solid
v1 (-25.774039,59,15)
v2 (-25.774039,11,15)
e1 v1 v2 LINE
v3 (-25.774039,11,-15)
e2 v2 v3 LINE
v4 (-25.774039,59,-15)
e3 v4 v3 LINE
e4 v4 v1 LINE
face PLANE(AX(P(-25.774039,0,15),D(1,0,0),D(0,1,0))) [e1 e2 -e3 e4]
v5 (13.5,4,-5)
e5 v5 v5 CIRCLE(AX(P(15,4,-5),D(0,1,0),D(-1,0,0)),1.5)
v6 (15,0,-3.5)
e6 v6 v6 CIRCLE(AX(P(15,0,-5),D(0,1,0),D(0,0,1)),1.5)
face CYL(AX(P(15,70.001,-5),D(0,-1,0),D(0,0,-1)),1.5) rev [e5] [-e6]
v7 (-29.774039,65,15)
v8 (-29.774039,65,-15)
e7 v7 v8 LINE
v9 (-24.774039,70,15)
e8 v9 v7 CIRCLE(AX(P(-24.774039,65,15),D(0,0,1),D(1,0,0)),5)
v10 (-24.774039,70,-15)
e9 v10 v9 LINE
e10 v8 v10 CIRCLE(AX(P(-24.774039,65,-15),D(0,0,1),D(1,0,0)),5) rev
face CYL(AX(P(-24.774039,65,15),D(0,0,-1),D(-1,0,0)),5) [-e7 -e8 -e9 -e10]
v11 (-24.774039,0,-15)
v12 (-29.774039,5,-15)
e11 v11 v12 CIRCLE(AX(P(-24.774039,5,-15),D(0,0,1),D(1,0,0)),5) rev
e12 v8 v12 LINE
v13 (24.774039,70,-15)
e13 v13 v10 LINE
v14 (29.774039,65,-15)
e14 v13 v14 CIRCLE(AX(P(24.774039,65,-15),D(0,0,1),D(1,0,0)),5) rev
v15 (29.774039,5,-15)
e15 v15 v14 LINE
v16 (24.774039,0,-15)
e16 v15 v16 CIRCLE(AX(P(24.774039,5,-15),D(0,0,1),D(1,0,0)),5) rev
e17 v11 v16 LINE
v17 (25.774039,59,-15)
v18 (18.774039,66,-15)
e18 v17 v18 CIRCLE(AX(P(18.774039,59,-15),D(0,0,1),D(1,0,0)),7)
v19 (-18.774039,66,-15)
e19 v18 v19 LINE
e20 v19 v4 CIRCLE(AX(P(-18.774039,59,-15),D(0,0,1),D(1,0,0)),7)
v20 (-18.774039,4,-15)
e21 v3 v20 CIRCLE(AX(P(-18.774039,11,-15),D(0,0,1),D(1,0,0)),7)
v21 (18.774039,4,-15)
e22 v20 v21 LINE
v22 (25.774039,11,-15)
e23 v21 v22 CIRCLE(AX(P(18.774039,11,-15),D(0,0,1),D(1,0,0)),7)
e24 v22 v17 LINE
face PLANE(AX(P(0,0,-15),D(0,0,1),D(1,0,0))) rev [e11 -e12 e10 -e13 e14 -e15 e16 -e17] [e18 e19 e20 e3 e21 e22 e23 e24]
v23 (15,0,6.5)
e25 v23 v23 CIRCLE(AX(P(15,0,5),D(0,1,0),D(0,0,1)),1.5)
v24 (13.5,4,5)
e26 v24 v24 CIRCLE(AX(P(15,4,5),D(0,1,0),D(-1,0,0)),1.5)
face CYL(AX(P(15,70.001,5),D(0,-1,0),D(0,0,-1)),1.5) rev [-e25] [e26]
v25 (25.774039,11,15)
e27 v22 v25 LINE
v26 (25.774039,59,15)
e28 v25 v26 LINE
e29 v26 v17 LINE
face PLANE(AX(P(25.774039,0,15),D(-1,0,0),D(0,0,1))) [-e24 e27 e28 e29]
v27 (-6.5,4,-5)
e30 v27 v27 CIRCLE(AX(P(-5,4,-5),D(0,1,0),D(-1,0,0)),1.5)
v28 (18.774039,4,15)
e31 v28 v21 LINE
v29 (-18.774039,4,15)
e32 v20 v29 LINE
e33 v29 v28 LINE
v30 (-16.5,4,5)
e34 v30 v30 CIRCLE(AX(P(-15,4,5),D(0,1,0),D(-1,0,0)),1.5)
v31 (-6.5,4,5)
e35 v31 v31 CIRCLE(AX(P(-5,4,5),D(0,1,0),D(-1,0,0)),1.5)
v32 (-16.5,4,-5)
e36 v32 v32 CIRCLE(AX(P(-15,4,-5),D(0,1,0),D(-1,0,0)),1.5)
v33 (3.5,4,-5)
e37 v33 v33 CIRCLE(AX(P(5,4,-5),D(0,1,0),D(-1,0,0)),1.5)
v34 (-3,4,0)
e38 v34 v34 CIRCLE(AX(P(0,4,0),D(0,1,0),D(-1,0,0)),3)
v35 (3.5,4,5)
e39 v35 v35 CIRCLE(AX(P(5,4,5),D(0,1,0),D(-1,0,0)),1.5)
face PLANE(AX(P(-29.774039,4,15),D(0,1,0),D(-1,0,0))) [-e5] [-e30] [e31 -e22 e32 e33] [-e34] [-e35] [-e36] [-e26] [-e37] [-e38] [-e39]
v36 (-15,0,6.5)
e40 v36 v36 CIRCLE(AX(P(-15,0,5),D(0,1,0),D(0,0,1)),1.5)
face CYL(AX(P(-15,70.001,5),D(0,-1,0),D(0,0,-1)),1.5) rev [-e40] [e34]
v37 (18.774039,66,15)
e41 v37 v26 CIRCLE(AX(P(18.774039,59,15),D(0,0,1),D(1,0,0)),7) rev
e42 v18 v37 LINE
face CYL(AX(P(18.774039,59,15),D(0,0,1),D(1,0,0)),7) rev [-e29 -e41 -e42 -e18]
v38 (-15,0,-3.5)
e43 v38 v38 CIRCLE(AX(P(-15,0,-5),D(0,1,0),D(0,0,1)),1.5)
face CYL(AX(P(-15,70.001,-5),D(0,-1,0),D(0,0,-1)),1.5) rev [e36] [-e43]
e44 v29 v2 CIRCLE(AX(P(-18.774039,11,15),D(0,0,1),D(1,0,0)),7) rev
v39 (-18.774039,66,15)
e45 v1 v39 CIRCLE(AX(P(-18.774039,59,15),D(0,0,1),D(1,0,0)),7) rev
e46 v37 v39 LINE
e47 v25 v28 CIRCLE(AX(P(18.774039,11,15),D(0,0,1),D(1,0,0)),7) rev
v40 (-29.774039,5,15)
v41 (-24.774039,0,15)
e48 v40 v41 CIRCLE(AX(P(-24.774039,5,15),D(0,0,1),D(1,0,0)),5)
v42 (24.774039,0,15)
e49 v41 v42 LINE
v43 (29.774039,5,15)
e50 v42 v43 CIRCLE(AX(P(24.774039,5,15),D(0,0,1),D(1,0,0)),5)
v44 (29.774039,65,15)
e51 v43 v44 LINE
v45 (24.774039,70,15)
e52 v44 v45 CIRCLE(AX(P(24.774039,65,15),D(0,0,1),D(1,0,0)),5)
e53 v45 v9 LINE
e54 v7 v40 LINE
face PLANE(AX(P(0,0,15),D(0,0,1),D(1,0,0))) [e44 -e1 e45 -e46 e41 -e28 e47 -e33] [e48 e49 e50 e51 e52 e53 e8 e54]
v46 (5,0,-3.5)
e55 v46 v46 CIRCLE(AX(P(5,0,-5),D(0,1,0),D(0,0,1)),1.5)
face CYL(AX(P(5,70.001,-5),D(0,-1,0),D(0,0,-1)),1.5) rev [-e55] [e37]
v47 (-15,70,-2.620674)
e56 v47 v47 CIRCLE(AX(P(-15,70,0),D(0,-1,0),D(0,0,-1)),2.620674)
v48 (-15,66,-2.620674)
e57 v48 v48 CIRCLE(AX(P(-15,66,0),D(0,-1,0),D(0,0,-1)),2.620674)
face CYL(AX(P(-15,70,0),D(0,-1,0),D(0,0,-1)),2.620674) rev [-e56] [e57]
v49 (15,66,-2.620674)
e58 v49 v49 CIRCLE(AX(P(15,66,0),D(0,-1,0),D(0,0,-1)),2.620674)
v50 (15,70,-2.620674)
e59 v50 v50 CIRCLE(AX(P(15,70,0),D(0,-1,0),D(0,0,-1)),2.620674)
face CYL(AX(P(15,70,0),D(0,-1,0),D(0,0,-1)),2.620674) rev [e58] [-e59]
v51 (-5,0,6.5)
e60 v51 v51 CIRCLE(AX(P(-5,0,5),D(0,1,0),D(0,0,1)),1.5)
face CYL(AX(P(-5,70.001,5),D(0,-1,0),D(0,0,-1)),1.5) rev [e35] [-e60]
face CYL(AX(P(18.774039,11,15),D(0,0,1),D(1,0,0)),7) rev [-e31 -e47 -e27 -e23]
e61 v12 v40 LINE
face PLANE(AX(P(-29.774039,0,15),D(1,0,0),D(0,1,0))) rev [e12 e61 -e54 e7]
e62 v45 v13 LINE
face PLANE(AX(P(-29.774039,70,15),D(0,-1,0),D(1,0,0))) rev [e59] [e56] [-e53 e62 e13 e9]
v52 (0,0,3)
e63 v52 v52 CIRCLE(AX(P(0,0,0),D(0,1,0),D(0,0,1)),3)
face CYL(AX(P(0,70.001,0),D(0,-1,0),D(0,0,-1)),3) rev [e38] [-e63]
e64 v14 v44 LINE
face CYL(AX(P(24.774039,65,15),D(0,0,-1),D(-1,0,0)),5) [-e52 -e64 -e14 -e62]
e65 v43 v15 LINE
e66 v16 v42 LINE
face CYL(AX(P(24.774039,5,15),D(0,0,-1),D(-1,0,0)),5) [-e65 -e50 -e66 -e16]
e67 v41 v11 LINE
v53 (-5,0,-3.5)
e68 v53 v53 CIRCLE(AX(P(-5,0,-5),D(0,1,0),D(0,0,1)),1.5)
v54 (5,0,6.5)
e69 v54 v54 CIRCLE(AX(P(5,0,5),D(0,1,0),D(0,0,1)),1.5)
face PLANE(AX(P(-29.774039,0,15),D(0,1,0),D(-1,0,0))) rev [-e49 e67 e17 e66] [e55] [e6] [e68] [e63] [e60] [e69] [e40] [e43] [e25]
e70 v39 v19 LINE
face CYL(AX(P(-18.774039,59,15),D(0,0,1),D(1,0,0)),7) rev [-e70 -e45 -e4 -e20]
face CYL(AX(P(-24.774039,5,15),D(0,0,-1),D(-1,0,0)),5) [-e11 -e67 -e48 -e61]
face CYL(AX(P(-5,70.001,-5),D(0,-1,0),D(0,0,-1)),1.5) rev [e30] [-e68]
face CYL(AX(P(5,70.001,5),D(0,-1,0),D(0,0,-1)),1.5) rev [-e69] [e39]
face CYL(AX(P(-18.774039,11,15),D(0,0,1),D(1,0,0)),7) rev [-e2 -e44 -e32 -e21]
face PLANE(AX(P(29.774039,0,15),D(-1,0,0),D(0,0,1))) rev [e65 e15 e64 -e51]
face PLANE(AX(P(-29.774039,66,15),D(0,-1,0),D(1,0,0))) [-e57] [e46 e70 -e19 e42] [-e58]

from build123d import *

# Parameters (mm, degrees)
EXTRUDE_2_DEPTH     = 15
SKETCH_2_R          = 2.62067407
CUT_EXTRUDE_1_DEPTH = 74.942500428
FILLET_1_R          = 7
CUT_EXTRUDE_2_REACH = 79.534
SKETCH_3_R          = 3
SKETCH_3_R_2        = 1.5
FILLET_2_R          = 5


with BuildPart() as part:
    # 草图1 → 拉伸-薄壁2 (new, symmetric)
    with BuildSketch(Plane.XY):
        Polygon((-29.774038515, 0), (29.774038515, 0), (29.774038515, 70), (0, 70), (-29.774038515, 70), align=None)
        Polygon((-25.774038515, 4), (25.774038515, 4), (25.774038515, 66), (0, 66), (-25.774038515, 66), align=None, mode=Mode.SUBTRACT)
    extrude(amount=EXTRUDE_2_DEPTH, both=True)

    # 草图2 → 切除-拉伸1 (cut, through all)
    with BuildSketch(Plane(origin=(0, 66, 0), x_dir=(-1, 0, 0), z_dir=(0, -1, 0))):
        with Locations(Location((-15, 0, 0), (0, 0, 90))):
            Circle(SKETCH_2_R)
        with Locations(Location((15, 0, 0), (0, 0, 90))):
            Circle(SKETCH_2_R)
    extrude(amount=-CUT_EXTRUDE_1_DEPTH, mode=Mode.SUBTRACT)

    # 圆角1
    fillet_1_edges = [part.edges().sort_by_distance(p)[0] for p in [
        (-25.774038515, 4, 0),
        (25.774038515, 4, 0),
        (25.774038515, 66, 0),
        (-25.774038515, 66, 0),
    ]]
    fillet(fillet_1_edges, radius=FILLET_1_R)

    # 草图3 → 切除-拉伸2 (cut, up to next)
    with BuildSketch(Plane(origin=(0, 0, 0), x_dir=(1, 0, 0), z_dir=(0, 1, 0)), mode=Mode.PRIVATE) as cut_extrude_2_sk1:
        with Locations(Location((0, 0, 0), (0, 0, 180))):
            Circle(SKETCH_3_R)
    cut_extrude_2_tool1 = extrude(cut_extrude_2_sk1.sketch, amount=CUT_EXTRUDE_2_REACH, mode=Mode.PRIVATE) & part.part
    # 草图3 → 切除-拉伸2 (cut, up to next)
    with BuildSketch(Plane(origin=(0, 0, 0), x_dir=(1, 0, 0), z_dir=(0, 1, 0)), mode=Mode.PRIVATE) as cut_extrude_2_sk2:
        with Locations(Location((-15, 5, 0), (0, 0, 180))):
            Circle(SKETCH_3_R_2)
    cut_extrude_2_tool2 = extrude(cut_extrude_2_sk2.sketch, amount=CUT_EXTRUDE_2_REACH, mode=Mode.PRIVATE) & part.part
    # 草图3 → 切除-拉伸2 (cut, up to next)
    with BuildSketch(Plane(origin=(0, 0, 0), x_dir=(1, 0, 0), z_dir=(0, 1, 0)), mode=Mode.PRIVATE) as cut_extrude_2_sk3:
        with Locations(Location((-5, 5, 0), (0, 0, 180))):
            Circle(SKETCH_3_R_2)
    cut_extrude_2_tool3 = extrude(cut_extrude_2_sk3.sketch, amount=CUT_EXTRUDE_2_REACH, mode=Mode.PRIVATE) & part.part
    # 草图3 → 切除-拉伸2 (cut, up to next)
    with BuildSketch(Plane(origin=(0, 0, 0), x_dir=(1, 0, 0), z_dir=(0, 1, 0)), mode=Mode.PRIVATE) as cut_extrude_2_sk4:
        with Locations(Location((5, 5, 0), (0, 0, 180))):
            Circle(SKETCH_3_R_2)
    cut_extrude_2_tool4 = extrude(cut_extrude_2_sk4.sketch, amount=CUT_EXTRUDE_2_REACH, mode=Mode.PRIVATE) & part.part
    # 草图3 → 切除-拉伸2 (cut, up to next)
    with BuildSketch(Plane(origin=(0, 0, 0), x_dir=(1, 0, 0), z_dir=(0, 1, 0)), mode=Mode.PRIVATE) as cut_extrude_2_sk5:
        with Locations(Location((15, 5, 0), (0, 0, 180))):
            Circle(SKETCH_3_R_2)
    cut_extrude_2_tool5 = extrude(cut_extrude_2_sk5.sketch, amount=CUT_EXTRUDE_2_REACH, mode=Mode.PRIVATE) & part.part
    # 草图3 → 切除-拉伸2 (cut, up to next)
    with BuildSketch(Plane(origin=(0, 0, 0), x_dir=(1, 0, 0), z_dir=(0, 1, 0)), mode=Mode.PRIVATE) as cut_extrude_2_sk6:
        with Locations(Location((-5, -5, 0), (0, 0, 180))):
            Circle(SKETCH_3_R_2)
    cut_extrude_2_tool6 = extrude(cut_extrude_2_sk6.sketch, amount=CUT_EXTRUDE_2_REACH, mode=Mode.PRIVATE) & part.part
    # 草图3 → 切除-拉伸2 (cut, up to next)
    with BuildSketch(Plane(origin=(0, 0, 0), x_dir=(1, 0, 0), z_dir=(0, 1, 0)), mode=Mode.PRIVATE) as cut_extrude_2_sk7:
        with Locations(Location((5, -5, 0), (0, 0, 180))):
            Circle(SKETCH_3_R_2)
    cut_extrude_2_tool7 = extrude(cut_extrude_2_sk7.sketch, amount=CUT_EXTRUDE_2_REACH, mode=Mode.PRIVATE) & part.part
    # 草图3 → 切除-拉伸2 (cut, up to next)
    with BuildSketch(Plane(origin=(0, 0, 0), x_dir=(1, 0, 0), z_dir=(0, 1, 0)), mode=Mode.PRIVATE) as cut_extrude_2_sk8:
        with Locations(Location((15, -5, 0), (0, 0, 180))):
            Circle(SKETCH_3_R_2)
    cut_extrude_2_tool8 = extrude(cut_extrude_2_sk8.sketch, amount=CUT_EXTRUDE_2_REACH, mode=Mode.PRIVATE) & part.part
    # 草图3 → 切除-拉伸2 (cut, up to next)
    with BuildSketch(Plane(origin=(0, 0, 0), x_dir=(1, 0, 0), z_dir=(0, 1, 0)), mode=Mode.PRIVATE) as cut_extrude_2_sk9:
        with Locations(Location((-15, -5, 0), (0, 0, 180))):
            Circle(SKETCH_3_R_2)
    cut_extrude_2_tool9 = extrude(cut_extrude_2_sk9.sketch, amount=CUT_EXTRUDE_2_REACH, mode=Mode.PRIVATE) & part.part
    add(cut_extrude_2_tool1.solids().sort_by_distance((0, 0, 0))[0], mode=Mode.SUBTRACT)
    add(cut_extrude_2_tool2.solids().sort_by_distance((-15, 0, -5))[0], mode=Mode.SUBTRACT)
    add(cut_extrude_2_tool3.solids().sort_by_distance((-5, 0, -5))[0], mode=Mode.SUBTRACT)
    add(cut_extrude_2_tool4.solids().sort_by_distance((5, 0, -5))[0], mode=Mode.SUBTRACT)
    add(cut_extrude_2_tool5.solids().sort_by_distance((15, 0, -5))[0], mode=Mode.SUBTRACT)
    add(cut_extrude_2_tool6.solids().sort_by_distance((-5, 0, 5))[0], mode=Mode.SUBTRACT)
    add(cut_extrude_2_tool7.solids().sort_by_distance((5, 0, 5))[0], mode=Mode.SUBTRACT)
    add(cut_extrude_2_tool8.solids().sort_by_distance((15, 0, 5))[0], mode=Mode.SUBTRACT)
    add(cut_extrude_2_tool9.solids().sort_by_distance((-15, 0, 5))[0], mode=Mode.SUBTRACT)

    # 圆角2
    fillet_2_edges = [part.edges().sort_by_distance(p)[0] for p in [
        (-29.774038515, 0, 0),
        (-29.774038515, 70, 0),
        (29.774038515, 70, 0),
        (29.774038515, 0, 0),
    ]]
    fillet(fillet_2_edges, radius=FILLET_2_R)


solid = part.part
